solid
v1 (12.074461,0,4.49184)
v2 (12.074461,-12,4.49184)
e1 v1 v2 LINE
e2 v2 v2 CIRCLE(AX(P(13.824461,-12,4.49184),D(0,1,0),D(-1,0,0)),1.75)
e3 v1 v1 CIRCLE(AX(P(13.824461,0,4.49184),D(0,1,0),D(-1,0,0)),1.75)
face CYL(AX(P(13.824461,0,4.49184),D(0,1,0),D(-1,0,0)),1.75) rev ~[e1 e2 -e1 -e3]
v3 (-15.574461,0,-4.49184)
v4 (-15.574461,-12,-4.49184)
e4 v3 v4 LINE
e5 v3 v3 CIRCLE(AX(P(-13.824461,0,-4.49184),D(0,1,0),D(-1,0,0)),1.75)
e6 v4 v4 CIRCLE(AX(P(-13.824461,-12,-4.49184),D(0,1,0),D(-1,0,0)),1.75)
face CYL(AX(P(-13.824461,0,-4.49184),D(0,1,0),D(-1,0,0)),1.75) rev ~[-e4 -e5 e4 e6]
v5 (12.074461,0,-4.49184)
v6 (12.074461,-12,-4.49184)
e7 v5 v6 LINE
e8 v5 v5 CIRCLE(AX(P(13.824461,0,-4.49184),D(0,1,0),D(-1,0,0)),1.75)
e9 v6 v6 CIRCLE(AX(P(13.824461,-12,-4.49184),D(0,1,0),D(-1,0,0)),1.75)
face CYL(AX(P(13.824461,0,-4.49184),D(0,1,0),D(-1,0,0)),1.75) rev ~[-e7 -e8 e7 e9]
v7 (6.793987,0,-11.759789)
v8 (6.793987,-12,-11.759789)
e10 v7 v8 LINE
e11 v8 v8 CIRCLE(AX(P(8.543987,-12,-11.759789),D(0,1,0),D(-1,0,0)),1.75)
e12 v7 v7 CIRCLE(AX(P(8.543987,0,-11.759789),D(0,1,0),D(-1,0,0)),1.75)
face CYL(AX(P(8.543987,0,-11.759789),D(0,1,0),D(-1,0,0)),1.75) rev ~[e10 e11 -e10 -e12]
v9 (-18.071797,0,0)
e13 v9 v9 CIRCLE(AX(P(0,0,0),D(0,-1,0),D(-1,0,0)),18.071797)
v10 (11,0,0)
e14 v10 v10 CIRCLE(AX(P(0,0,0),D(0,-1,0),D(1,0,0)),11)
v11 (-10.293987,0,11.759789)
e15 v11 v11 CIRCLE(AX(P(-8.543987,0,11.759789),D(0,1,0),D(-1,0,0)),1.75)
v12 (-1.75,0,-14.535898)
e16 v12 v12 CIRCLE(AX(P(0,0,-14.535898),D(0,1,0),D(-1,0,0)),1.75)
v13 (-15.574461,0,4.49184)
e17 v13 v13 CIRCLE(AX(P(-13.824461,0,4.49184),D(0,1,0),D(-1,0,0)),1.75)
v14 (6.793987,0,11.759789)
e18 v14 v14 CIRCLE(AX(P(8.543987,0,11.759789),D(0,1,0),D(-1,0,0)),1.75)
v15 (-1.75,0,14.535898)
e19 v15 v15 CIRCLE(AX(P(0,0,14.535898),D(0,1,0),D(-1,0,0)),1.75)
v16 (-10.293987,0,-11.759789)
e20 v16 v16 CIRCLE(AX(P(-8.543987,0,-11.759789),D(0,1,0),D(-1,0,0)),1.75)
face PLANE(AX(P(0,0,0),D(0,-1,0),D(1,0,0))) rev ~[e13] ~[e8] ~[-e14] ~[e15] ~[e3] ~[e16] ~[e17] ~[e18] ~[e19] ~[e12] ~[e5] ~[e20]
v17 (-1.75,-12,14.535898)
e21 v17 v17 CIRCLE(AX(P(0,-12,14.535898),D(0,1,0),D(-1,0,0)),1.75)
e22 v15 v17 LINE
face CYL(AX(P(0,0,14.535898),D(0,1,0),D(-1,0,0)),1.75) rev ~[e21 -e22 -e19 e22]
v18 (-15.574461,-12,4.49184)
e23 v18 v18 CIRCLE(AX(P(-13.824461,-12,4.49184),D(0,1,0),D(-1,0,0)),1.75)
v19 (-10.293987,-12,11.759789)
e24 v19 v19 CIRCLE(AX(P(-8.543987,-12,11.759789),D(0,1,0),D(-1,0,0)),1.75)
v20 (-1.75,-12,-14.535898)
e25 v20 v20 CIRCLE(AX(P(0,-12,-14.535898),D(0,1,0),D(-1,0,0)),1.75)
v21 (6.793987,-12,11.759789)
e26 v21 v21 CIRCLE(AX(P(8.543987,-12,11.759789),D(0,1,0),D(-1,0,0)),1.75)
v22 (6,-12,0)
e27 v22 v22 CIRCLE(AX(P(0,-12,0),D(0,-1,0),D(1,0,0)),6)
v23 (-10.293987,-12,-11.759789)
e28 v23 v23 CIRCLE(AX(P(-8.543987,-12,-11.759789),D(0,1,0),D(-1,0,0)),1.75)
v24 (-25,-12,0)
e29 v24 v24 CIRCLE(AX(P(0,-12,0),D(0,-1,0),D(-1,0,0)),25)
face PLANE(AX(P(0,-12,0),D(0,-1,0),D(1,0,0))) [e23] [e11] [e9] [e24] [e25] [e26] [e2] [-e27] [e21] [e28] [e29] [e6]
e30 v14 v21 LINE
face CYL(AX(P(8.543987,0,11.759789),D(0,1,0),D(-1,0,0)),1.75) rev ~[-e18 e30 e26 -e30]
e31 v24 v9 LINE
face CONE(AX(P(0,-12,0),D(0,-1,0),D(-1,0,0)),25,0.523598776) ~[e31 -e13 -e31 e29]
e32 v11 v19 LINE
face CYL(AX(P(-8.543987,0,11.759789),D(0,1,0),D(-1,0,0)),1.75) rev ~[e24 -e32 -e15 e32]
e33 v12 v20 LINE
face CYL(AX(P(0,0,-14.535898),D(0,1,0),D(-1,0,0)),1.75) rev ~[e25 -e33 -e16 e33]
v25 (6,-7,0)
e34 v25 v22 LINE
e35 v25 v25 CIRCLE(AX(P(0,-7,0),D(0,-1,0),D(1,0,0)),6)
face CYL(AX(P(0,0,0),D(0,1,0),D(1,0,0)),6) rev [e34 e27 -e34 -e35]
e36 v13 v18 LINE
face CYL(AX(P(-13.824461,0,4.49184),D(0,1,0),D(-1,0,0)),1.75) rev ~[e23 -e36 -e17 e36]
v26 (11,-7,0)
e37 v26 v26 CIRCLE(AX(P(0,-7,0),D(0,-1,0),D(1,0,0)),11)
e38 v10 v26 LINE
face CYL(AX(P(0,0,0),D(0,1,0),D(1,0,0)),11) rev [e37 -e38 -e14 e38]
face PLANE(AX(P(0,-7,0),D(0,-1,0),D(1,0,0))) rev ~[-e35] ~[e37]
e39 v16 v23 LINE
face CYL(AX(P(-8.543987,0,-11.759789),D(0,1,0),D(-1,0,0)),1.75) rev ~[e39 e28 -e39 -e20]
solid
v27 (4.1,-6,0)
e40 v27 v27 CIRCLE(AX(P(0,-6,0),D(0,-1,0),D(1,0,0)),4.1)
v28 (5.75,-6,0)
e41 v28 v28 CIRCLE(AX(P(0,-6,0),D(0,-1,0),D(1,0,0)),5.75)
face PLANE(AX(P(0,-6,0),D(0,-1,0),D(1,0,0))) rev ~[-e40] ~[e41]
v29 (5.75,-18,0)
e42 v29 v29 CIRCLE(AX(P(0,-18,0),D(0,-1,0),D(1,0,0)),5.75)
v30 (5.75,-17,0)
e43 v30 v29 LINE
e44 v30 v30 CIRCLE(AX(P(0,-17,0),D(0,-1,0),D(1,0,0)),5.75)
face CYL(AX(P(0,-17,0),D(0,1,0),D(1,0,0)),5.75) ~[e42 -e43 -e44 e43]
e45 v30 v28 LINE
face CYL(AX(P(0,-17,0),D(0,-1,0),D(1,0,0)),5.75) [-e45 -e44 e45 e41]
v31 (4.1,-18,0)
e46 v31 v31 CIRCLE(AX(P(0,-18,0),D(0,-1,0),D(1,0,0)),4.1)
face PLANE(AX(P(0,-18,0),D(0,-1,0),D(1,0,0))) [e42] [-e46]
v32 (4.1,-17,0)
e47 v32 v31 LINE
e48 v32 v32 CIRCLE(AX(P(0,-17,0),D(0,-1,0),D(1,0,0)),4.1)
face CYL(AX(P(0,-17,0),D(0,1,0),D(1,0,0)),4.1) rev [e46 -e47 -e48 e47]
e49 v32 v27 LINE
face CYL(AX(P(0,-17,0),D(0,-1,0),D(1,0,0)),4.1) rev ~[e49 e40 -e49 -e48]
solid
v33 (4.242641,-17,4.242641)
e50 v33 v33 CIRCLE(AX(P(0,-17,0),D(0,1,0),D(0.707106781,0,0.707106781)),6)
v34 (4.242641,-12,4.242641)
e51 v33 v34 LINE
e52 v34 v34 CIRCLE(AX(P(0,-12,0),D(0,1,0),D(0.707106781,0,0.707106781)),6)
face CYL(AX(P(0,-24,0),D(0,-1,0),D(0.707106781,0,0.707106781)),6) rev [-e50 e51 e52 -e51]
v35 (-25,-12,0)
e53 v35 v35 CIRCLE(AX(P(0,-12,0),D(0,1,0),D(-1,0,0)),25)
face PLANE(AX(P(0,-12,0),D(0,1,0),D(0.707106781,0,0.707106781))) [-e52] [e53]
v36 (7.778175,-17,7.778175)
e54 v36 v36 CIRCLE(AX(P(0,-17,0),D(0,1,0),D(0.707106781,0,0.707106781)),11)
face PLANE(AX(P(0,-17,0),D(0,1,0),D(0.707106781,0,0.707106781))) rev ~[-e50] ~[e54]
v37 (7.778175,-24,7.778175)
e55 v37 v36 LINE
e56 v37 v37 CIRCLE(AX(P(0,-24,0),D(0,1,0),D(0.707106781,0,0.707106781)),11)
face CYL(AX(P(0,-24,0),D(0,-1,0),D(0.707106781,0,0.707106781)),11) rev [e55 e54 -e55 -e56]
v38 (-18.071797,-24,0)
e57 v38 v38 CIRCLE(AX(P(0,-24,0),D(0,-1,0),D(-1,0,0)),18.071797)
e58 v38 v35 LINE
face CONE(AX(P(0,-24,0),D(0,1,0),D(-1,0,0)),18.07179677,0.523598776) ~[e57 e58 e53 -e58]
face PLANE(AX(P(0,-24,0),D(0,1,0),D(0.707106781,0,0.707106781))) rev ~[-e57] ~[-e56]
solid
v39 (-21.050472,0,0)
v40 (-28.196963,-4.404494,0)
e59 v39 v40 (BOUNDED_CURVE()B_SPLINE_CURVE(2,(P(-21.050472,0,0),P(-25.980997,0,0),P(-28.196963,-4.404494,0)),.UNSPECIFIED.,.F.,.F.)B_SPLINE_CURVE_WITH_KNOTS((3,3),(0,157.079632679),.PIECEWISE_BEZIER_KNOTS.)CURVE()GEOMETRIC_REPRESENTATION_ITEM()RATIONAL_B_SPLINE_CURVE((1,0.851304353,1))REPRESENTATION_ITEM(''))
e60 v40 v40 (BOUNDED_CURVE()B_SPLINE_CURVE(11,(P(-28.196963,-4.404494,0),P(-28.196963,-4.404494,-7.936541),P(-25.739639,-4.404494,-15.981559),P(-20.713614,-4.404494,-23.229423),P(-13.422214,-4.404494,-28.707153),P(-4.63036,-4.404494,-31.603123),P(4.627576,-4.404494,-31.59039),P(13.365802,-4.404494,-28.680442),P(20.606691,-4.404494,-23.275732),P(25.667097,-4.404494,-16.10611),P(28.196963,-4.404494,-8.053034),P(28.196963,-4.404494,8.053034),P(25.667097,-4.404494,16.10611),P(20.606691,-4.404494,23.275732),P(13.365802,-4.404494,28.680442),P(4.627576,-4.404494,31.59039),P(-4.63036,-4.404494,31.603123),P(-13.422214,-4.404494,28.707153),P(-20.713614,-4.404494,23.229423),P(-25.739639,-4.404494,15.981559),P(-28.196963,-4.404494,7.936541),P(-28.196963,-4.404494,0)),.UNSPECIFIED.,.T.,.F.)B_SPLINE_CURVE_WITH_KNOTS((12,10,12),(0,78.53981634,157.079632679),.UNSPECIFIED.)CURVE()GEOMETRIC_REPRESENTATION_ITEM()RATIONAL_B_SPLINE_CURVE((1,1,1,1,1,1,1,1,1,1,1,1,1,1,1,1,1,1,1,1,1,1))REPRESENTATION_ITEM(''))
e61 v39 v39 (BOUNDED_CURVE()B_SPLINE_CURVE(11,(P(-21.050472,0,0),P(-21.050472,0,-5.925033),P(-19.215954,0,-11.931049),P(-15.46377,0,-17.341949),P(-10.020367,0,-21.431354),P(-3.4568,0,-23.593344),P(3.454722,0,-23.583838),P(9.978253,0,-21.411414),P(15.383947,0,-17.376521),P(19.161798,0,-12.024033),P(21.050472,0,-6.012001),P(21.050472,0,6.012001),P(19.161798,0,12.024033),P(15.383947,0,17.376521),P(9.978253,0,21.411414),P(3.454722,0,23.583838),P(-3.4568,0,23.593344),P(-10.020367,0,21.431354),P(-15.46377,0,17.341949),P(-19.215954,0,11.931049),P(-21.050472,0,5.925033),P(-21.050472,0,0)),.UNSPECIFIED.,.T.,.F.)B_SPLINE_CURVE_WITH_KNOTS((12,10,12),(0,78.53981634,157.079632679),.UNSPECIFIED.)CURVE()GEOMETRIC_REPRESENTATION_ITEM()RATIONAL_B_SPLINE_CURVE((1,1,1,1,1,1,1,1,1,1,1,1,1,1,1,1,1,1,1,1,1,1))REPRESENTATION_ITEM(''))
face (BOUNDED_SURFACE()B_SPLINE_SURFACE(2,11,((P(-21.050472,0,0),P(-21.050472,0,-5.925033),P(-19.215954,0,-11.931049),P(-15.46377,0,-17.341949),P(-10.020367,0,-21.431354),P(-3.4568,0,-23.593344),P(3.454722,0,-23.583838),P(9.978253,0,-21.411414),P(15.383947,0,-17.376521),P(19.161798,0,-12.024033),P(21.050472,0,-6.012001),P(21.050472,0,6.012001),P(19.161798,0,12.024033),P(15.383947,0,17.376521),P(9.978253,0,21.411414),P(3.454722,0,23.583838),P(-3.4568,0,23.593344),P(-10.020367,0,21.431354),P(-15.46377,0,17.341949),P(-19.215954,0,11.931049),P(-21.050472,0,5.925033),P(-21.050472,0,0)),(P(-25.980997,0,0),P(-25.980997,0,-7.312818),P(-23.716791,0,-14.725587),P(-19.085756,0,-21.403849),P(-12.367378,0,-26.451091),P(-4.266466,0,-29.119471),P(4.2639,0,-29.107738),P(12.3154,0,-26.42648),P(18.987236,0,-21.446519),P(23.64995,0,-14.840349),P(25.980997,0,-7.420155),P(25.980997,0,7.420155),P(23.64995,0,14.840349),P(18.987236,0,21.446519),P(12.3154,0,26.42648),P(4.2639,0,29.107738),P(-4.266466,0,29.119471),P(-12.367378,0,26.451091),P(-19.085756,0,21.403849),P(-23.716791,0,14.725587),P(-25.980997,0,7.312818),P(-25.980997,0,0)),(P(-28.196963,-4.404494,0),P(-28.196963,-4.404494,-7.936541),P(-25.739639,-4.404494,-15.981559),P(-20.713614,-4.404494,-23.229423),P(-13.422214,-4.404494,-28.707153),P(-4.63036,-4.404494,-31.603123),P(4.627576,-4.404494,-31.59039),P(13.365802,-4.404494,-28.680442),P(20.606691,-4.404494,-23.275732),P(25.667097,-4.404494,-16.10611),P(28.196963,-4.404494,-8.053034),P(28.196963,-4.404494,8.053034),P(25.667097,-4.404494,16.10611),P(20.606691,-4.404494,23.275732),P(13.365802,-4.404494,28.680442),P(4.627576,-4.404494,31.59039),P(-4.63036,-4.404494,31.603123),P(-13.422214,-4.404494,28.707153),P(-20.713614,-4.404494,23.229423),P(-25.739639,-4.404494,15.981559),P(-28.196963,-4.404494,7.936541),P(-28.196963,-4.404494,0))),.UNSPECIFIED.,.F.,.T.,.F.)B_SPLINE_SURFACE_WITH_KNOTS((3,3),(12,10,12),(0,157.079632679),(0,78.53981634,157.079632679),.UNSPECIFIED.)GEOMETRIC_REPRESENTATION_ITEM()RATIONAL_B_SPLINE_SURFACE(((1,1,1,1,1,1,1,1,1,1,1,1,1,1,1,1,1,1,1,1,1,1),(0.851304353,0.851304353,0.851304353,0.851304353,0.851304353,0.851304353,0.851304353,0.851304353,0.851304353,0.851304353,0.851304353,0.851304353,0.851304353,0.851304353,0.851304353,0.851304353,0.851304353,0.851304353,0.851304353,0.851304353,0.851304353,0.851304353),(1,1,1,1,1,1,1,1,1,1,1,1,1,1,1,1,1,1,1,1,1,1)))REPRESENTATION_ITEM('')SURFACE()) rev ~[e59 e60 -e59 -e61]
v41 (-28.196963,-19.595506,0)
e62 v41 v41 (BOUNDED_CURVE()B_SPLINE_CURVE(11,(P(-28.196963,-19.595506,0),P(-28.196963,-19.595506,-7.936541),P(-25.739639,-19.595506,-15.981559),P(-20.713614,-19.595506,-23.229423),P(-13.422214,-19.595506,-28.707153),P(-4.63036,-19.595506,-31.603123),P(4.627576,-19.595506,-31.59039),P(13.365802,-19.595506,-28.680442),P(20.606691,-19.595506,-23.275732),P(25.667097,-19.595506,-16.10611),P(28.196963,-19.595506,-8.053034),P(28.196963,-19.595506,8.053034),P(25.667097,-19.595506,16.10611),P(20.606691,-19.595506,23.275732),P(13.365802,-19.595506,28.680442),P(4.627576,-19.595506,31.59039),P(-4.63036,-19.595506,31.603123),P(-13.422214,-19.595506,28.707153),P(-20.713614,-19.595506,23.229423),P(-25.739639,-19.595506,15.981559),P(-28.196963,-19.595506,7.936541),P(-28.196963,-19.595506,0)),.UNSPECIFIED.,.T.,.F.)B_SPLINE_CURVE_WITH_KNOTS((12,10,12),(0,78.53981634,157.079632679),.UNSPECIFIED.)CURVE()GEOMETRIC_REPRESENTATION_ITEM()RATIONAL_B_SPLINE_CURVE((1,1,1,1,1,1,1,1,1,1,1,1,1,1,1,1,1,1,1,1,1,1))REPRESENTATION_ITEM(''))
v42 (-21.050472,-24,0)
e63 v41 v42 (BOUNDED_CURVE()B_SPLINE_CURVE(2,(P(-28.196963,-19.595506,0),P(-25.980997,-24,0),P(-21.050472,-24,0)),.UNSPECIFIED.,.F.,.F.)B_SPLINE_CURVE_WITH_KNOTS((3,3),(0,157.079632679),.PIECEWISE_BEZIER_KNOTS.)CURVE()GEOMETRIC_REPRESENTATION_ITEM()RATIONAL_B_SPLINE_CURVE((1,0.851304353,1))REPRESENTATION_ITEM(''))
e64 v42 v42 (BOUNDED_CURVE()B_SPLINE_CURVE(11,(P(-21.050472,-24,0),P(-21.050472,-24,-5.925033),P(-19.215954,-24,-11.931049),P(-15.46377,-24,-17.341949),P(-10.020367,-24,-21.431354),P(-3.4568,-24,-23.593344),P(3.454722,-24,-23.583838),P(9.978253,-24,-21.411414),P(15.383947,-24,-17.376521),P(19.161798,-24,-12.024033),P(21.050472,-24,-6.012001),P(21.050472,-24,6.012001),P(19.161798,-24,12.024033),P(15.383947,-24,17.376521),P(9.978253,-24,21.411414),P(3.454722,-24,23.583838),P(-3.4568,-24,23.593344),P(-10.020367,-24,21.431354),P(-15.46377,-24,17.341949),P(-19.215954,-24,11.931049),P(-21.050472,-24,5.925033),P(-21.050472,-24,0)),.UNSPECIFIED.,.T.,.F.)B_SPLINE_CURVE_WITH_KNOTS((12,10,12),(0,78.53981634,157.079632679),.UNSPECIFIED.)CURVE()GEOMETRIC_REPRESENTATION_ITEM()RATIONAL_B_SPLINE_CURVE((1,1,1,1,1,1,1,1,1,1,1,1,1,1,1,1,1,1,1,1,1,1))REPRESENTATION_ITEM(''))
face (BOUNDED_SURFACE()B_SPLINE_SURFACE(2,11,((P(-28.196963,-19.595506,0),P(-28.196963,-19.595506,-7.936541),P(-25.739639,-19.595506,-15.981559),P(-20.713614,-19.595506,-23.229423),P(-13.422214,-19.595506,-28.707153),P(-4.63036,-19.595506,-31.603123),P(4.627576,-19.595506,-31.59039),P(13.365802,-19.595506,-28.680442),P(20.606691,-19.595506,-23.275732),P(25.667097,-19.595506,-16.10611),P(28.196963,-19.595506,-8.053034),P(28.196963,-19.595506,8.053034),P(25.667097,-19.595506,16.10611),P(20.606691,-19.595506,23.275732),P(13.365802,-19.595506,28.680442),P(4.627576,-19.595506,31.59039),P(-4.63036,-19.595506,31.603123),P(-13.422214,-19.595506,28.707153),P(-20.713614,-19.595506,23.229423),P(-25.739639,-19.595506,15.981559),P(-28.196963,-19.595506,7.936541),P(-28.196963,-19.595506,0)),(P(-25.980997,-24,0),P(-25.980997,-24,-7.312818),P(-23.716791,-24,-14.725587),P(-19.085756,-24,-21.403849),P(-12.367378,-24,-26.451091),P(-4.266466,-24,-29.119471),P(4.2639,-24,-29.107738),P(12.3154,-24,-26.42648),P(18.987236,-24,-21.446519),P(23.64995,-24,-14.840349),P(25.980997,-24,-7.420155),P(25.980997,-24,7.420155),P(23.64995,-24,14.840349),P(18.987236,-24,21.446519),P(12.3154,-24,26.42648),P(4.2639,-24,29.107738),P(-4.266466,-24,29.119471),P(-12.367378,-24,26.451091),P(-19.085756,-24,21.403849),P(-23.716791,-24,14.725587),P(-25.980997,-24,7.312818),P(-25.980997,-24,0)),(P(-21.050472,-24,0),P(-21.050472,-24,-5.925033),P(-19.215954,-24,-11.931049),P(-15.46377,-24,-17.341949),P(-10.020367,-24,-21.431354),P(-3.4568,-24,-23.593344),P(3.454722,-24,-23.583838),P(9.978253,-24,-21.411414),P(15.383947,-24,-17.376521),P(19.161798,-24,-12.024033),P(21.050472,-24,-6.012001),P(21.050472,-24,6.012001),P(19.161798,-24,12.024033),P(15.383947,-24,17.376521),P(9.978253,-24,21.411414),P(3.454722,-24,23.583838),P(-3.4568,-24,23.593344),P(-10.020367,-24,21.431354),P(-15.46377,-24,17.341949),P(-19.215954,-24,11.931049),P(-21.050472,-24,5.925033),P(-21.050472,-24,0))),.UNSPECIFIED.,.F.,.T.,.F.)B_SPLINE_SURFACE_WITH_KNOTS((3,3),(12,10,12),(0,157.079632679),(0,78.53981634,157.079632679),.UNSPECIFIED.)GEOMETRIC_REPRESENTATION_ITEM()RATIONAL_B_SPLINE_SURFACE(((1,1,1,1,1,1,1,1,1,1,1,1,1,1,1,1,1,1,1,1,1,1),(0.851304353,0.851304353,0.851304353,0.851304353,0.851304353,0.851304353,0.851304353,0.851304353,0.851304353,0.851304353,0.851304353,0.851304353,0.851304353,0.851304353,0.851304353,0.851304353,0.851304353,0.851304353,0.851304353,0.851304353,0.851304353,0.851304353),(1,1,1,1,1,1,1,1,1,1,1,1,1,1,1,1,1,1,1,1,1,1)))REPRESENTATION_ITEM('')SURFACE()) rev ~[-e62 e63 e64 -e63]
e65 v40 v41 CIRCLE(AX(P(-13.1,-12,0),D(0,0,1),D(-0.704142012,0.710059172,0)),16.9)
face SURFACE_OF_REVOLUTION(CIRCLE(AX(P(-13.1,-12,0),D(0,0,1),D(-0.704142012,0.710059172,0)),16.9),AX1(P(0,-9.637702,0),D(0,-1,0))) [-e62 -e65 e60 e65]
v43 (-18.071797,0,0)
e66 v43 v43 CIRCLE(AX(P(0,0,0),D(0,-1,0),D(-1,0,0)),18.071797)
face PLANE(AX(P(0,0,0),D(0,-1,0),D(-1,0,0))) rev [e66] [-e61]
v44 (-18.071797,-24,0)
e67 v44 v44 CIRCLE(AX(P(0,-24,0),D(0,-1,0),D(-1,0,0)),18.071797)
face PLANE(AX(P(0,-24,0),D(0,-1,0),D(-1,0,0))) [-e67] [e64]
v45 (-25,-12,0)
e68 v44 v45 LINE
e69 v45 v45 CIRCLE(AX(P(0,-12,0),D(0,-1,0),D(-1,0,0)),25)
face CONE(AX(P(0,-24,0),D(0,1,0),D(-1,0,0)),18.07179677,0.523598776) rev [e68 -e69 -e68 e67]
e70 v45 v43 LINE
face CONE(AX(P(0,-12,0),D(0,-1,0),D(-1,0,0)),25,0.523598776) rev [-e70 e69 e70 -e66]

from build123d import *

# Parameters (mm, degrees)
F0_R           = 25
F0_R_2         = 11
F0_R_3         = 6
F1_DEPTH       = 12
F2_DEPTH       = 7
F6_ANGLE       = 180
F7_ANGLE       = 45
F12_R          = 1.75
F13_DEPTH      = 24.0010001
F14_R          = 8
F15_R          = 5.75
F15_R_2        = 4.1
F16_DEPTH      = 11
F16_DEPTH_BACK = 1


with BuildPart() as f1:
    # F0 (on Front) → F1 (new body)
    with BuildSketch(Plane.XZ):
        Circle(F0_R)
        Circle(F0_R_2, mode=Mode.SUBTRACT)
        Circle(F0_R_2)
        Circle(F0_R_3, mode=Mode.SUBTRACT)
    extrude(amount=F1_DEPTH)

    # F0 (on Front) → F2 (cut)
    with BuildSketch(Plane.XZ):
        Circle(F0_R_2)
        Circle(F0_R_3, mode=Mode.SUBTRACT)
    extrude(amount=F2_DEPTH, mode=Mode.SUBTRACT)


with BuildPart() as f6_1:
    # F6: copy of F1
    add(f1.part.rotate(Axis((1.772726886, -12, 0), (1, 0, 0)), F6_ANGLE))


with BuildPart() as f6_1_1:
    # F7: moved
    add(f6_1.part.rotate(Axis((0, -9.6377022564, 0), (0, -1, 0)), F7_ANGLE))


with BuildPart() as f9_tool:
    # F8 (on Top) → F9 (revolve)
    with BuildSketch(Plane.XY):
        Polygon((-25, 0), (-25, -12), (-18.0717967697, 0), align=None)
        Polygon((-18.0717967697, -24), (-25, -12), (-25, -24), align=None)
    revolve(axis=Axis((0, -9.6377022564, 0), (0, -1, 0)))


with BuildPart() as f1_1:
    add(f1.part)

    # F9: cut by f9_tool
    add(f9_tool.part, mode=Mode.SUBTRACT)

    # F12 (on face) → F13 (cut, through all)
    with BuildSketch(Plane(origin=(0, 0, 0), x_dir=(-1, 0, 0), z_dir=(0, 1, 0))):
        with Locations((0, -14.5358983849)):
            Circle(F12_R)
        with Locations((8.5439866994, -11.7597888219)):
            Circle(F12_R)
        with Locations((13.8244608791, -4.4918396294)):
            Circle(F12_R)
        with Locations((13.8244608791, 4.4918396294)):
            Circle(F12_R)
        with Locations((8.5439866994, 11.7597888219)):
            Circle(F12_R)
        with Locations((0, 14.5358983849)):
            Circle(F12_R)
        with Locations((-8.5439866994, 11.7597888219)):
            Circle(F12_R)
        with Locations((-13.8244608791, 4.4918396294)):
            Circle(F12_R)
        with Locations((-13.8244608791, -4.4918396294)):
            Circle(F12_R)
        with Locations((-8.5439866994, -11.7597888219)):
            Circle(F12_R)
    extrude(amount=-F13_DEPTH, mode=Mode.SUBTRACT)


with BuildPart() as f6_1_2:
    add(f6_1_1.part)

    # F9: cut by f9_tool
    add(f9_tool.part, mode=Mode.SUBTRACT)


with BuildPart() as f11:
    # F10 (on Top) → F11 (revolve)
    with BuildSketch(Plane.XY):
        with BuildLine():
            Line((-25, -12), (-18.0717967697, 0))
            Line((-18.0717967697, 0), (-25, 0))
            ThreePointArc((-25, 0), (-30, -12), (-25, -24))
            Line((-25, -24), (-18.0717967697, -24))
            Line((-18.0717967697, -24), (-25, -12))
        make_face()
    revolve(axis=Axis((0, -9.6377022564, 0), (0, -1, 0)))

    # F14
    f14_edges = [f11.edges().sort_by_distance(p)[0] for p in [
        (25, -24, 0),
        (25, 0, 0),
    ]]
    fillet(f14_edges, radius=F14_R)


with BuildPart() as f16:
    # F15 (on face) → F16 (new body, two sides)
    with BuildSketch(Plane.XZ.offset(17)) as f16_sk:
        Circle(F15_R)
        Circle(F15_R_2, mode=Mode.SUBTRACT)
    extrude(amount=-F16_DEPTH)
    extrude(f16_sk.sketch, amount=F16_DEPTH_BACK)


solid = Compound([f1_1.part, f6_1_2.part, f11.part, f16.part])
